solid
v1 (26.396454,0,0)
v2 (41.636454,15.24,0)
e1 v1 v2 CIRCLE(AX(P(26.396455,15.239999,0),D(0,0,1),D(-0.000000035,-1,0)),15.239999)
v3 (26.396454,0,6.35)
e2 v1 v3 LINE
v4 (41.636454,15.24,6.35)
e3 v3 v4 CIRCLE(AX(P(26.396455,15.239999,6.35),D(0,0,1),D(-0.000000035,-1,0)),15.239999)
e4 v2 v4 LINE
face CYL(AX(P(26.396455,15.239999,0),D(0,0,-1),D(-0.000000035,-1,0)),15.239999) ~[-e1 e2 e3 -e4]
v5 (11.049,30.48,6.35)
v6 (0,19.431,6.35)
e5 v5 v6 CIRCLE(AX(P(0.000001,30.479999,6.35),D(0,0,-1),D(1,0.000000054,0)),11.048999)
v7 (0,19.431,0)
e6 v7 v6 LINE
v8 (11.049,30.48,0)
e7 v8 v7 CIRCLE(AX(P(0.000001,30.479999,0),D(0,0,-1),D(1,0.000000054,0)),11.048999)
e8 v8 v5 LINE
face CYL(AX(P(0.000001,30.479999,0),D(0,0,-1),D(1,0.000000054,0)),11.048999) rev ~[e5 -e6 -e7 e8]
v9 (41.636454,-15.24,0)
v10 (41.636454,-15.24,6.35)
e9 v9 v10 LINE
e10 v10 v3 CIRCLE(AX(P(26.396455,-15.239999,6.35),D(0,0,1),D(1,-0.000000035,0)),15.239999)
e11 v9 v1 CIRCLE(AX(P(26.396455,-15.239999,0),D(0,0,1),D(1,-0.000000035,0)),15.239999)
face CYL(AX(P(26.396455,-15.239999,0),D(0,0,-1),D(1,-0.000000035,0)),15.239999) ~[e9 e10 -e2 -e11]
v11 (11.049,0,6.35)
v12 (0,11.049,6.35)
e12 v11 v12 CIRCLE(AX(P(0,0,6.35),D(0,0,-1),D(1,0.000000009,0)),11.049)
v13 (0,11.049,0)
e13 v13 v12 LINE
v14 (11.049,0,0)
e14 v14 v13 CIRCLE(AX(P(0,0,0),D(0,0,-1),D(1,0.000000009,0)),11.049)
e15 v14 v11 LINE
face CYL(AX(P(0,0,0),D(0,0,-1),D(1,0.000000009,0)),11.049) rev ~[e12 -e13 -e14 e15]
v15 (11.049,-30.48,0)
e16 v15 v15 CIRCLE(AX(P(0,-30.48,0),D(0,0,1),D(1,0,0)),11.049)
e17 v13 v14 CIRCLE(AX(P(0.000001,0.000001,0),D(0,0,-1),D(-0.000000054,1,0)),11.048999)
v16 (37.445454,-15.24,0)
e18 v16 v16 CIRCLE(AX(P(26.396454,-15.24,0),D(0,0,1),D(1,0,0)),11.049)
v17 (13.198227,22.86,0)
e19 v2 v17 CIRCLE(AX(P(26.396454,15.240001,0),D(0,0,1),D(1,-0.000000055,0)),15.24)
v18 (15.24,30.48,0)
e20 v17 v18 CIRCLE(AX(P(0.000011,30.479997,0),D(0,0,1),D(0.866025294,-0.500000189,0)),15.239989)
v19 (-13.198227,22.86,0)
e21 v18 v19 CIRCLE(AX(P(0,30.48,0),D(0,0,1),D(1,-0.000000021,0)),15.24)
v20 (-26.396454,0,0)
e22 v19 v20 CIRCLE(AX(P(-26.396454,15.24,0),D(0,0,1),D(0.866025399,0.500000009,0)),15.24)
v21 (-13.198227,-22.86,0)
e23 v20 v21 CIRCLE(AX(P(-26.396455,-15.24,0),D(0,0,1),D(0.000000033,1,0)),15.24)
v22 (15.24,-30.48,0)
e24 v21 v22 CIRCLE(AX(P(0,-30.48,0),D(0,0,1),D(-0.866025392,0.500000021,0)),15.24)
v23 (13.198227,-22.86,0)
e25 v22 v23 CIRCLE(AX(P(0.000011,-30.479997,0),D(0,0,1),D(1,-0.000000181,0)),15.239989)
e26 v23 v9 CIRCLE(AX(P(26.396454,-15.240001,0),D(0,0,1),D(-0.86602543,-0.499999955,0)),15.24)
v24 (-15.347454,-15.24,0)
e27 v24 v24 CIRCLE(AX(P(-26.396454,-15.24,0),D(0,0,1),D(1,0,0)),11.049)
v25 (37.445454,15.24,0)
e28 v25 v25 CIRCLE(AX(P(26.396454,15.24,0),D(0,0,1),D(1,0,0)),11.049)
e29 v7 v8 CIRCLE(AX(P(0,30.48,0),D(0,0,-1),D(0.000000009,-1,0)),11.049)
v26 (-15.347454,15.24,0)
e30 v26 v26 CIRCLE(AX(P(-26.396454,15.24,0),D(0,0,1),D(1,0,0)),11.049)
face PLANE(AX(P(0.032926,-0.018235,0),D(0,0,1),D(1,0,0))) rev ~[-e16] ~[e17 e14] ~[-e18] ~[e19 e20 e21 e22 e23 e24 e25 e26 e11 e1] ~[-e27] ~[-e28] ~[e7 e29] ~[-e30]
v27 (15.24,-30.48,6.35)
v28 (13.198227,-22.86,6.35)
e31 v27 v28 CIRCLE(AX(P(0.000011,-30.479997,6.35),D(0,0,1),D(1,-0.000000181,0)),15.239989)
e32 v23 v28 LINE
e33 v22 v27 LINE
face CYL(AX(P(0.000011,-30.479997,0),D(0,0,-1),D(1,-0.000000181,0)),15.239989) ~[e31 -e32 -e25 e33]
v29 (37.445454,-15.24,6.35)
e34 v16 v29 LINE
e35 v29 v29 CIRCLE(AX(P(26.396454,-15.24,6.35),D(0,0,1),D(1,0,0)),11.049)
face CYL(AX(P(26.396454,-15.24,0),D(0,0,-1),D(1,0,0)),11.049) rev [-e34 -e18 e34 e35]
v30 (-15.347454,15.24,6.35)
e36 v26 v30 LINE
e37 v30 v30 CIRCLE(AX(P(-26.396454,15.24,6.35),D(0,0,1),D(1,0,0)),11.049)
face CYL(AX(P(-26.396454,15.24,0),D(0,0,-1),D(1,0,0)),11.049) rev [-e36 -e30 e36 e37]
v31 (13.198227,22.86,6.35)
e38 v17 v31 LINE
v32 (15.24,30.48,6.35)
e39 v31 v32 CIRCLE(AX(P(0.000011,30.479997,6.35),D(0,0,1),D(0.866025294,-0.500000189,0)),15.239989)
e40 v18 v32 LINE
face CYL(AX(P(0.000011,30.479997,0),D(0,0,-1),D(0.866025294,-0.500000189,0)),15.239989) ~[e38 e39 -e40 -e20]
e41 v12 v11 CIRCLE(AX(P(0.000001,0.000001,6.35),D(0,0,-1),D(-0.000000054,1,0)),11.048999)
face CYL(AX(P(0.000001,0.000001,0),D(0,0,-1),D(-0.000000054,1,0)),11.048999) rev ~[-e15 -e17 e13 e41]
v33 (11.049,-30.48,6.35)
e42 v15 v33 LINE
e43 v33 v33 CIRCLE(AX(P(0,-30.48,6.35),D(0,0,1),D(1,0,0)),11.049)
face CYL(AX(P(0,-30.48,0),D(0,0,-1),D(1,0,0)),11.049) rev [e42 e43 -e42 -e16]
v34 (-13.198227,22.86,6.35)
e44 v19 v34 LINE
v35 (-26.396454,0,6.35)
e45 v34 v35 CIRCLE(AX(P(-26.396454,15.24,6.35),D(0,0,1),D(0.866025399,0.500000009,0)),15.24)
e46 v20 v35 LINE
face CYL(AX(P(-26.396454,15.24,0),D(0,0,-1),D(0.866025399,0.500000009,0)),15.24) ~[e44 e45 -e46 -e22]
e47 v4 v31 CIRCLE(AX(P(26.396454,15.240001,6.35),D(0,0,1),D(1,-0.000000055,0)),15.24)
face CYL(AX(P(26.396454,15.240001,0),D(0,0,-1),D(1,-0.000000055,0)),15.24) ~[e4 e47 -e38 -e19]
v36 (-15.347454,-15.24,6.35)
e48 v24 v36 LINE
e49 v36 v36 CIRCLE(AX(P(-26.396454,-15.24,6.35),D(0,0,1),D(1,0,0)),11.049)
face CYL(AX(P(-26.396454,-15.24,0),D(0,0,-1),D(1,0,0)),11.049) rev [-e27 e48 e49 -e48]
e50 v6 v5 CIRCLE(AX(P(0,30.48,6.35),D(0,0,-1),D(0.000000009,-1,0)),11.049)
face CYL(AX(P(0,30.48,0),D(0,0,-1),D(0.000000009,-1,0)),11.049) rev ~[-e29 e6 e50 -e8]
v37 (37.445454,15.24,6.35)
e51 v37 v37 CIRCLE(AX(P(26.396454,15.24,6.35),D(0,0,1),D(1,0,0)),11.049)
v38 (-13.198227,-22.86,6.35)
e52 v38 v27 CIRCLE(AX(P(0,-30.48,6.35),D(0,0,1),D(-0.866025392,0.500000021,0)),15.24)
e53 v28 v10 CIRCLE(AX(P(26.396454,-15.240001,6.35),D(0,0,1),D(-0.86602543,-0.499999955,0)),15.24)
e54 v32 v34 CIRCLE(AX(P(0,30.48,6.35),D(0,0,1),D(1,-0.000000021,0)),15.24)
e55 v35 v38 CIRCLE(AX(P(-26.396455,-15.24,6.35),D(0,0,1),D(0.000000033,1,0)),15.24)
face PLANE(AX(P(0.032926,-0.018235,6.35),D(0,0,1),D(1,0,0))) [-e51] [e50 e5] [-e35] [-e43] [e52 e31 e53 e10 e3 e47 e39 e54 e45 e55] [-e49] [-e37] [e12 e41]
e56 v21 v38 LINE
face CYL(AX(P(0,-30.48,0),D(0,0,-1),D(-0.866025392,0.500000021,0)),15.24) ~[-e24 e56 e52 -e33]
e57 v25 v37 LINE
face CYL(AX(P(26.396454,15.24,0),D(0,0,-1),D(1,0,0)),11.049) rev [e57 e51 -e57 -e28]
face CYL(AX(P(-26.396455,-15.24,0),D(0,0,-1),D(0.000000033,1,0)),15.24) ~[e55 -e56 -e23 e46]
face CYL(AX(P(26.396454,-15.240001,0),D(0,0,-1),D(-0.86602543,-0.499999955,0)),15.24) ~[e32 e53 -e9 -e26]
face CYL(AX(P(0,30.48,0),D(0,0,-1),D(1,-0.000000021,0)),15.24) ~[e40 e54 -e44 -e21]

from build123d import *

# Parameters (mm, degrees)
F0_R     = 11.049
F1_DEPTH = 6.35


with BuildPart() as f1:
    # F0 (on Top) → F1 (new body)
    with BuildSketch(Plane.XY):
        with BuildLine():
            ThreePointArc((13.198227, 22.86), (7.62, 17.281773), (0, 15.24))
            ThreePointArc((0, 15.24), (-7.62, 17.281773), (-13.198227, 22.86))
            ThreePointArc((-13.198227, 22.86), (-11.675745, 19.184402), (-11.156454, 15.24))
            ThreePointArc((-11.156454, 15.24), (-15.620147, 4.463693), (-26.396454, 0))
            ThreePointArc((-26.396454, 0), (-15.620147, -4.463693), (-11.156454, -15.24))
            ThreePointArc((-11.156454, -15.24), (-11.675745, -19.184402), (-13.198227, -22.86))
            ThreePointArc((-13.198227, -22.86), (0, -15.24), (13.198227, -22.86))
            ThreePointArc((13.198227, -22.86), (13.198227, -7.62), (26.396454, 0))
            ThreePointArc((26.396454, 0), (13.198227, 7.62), (13.198227, 22.86))
        make_face()
        with BuildLine():
            ThreePointArc((13.97, 0), (-9.878282, -9.878282), (0, 13.97))
            ThreePointArc((0, 13.97), (9.878282, 9.878282), (13.97, 0))
        make_face(mode=Mode.SUBTRACT)
        with BuildLine():
            ThreePointArc((41.636454, 15.24), (30.340857, 29.96071), (13.198227, 22.86))
            ThreePointArc((13.198227, 22.86), (13.198227, 7.62), (26.396454, 0))
            ThreePointArc((26.396454, 0), (37.172762, 4.463693), (41.636454, 15.24))
        make_face()
        with Locations((26.396454, 15.24)):
            Circle(F0_R, mode=Mode.SUBTRACT)
        with BuildLine():
            ThreePointArc((13.97, 0), (9.878282, 9.878282), (0, 13.97))
            ThreePointArc((0, 13.97), (-9.878282, -9.878282), (13.97, 0))
        make_face()
        with BuildLine():
            ThreePointArc((0, 11.049), (7.812823, 7.812823), (11.049, 0))
            ThreePointArc((11.049, 0), (-7.812823, -7.812823), (0, 11.049))
        make_face(mode=Mode.SUBTRACT)
        with BuildLine():
            ThreePointArc((-13.198227, 22.86), (-7.62, 17.281773), (0, 15.24))
            ThreePointArc((0, 15.24), (7.62, 17.281773), (13.198227, 22.86))
            ThreePointArc((13.198227, 22.86), (14.72071, 26.535598), (15.24, 30.48))
            ThreePointArc((15.24, 30.48), (-3.944402, 45.20071), (-13.198227, 22.86))
        make_face()
        with BuildLine():
            ThreePointArc((11.049, 30.48), (7.812823, 22.667177), (0, 19.431))
            ThreePointArc((0, 19.431), (-7.812823, 38.292823), (11.049, 30.48))
        make_face(mode=Mode.SUBTRACT)
        with BuildLine():
            ThreePointArc((-11.156454, 15.24), (-11.675745, 19.184402), (-13.198227, 22.86))
            ThreePointArc((-13.198227, 22.86), (-39.594681, 22.86), (-26.396454, 0))
            ThreePointArc((-26.396454, 0), (-15.620147, 4.463693), (-11.156454, 15.24))
        make_face()
        with Locations((-26.396454, 15.24)):
            Circle(F0_R, mode=Mode.SUBTRACT)
        with BuildLine():
            ThreePointArc((-11.156454, -15.24), (-15.620147, -4.463693), (-26.396454, 0))
            ThreePointArc((-26.396454, 0), (-39.594682, -22.86), (-13.198227, -22.86))
            ThreePointArc((-13.198227, -22.86), (-11.675745, -19.184402), (-11.156454, -15.24))
        make_face()
        with Locations((-26.396454, -15.24)):
            Circle(F0_R, mode=Mode.SUBTRACT)
        with BuildLine():
            ThreePointArc((13.198227, -22.86), (0, -15.24), (-13.198227, -22.86))
            ThreePointArc((-13.198227, -22.86), (-3.944402, -45.20071), (15.24, -30.48))
            ThreePointArc((15.24, -30.48), (14.72071, -26.535598), (13.198227, -22.86))
        make_face()
        with Locations((0, -30.48)):
            Circle(F0_R, mode=Mode.SUBTRACT)
        with BuildLine():
            ThreePointArc((41.636454, -15.24), (37.172762, -4.463693), (26.396454, 0))
            ThreePointArc((26.396454, 0), (13.198227, -7.62), (13.198227, -22.86))
            ThreePointArc((13.198227, -22.86), (30.340857, -29.96071), (41.636454, -15.24))
        make_face()
        with Locations((26.396454, -15.24)):
            Circle(F0_R, mode=Mode.SUBTRACT)
    extrude(amount=F1_DEPTH)


solid = f1.part
